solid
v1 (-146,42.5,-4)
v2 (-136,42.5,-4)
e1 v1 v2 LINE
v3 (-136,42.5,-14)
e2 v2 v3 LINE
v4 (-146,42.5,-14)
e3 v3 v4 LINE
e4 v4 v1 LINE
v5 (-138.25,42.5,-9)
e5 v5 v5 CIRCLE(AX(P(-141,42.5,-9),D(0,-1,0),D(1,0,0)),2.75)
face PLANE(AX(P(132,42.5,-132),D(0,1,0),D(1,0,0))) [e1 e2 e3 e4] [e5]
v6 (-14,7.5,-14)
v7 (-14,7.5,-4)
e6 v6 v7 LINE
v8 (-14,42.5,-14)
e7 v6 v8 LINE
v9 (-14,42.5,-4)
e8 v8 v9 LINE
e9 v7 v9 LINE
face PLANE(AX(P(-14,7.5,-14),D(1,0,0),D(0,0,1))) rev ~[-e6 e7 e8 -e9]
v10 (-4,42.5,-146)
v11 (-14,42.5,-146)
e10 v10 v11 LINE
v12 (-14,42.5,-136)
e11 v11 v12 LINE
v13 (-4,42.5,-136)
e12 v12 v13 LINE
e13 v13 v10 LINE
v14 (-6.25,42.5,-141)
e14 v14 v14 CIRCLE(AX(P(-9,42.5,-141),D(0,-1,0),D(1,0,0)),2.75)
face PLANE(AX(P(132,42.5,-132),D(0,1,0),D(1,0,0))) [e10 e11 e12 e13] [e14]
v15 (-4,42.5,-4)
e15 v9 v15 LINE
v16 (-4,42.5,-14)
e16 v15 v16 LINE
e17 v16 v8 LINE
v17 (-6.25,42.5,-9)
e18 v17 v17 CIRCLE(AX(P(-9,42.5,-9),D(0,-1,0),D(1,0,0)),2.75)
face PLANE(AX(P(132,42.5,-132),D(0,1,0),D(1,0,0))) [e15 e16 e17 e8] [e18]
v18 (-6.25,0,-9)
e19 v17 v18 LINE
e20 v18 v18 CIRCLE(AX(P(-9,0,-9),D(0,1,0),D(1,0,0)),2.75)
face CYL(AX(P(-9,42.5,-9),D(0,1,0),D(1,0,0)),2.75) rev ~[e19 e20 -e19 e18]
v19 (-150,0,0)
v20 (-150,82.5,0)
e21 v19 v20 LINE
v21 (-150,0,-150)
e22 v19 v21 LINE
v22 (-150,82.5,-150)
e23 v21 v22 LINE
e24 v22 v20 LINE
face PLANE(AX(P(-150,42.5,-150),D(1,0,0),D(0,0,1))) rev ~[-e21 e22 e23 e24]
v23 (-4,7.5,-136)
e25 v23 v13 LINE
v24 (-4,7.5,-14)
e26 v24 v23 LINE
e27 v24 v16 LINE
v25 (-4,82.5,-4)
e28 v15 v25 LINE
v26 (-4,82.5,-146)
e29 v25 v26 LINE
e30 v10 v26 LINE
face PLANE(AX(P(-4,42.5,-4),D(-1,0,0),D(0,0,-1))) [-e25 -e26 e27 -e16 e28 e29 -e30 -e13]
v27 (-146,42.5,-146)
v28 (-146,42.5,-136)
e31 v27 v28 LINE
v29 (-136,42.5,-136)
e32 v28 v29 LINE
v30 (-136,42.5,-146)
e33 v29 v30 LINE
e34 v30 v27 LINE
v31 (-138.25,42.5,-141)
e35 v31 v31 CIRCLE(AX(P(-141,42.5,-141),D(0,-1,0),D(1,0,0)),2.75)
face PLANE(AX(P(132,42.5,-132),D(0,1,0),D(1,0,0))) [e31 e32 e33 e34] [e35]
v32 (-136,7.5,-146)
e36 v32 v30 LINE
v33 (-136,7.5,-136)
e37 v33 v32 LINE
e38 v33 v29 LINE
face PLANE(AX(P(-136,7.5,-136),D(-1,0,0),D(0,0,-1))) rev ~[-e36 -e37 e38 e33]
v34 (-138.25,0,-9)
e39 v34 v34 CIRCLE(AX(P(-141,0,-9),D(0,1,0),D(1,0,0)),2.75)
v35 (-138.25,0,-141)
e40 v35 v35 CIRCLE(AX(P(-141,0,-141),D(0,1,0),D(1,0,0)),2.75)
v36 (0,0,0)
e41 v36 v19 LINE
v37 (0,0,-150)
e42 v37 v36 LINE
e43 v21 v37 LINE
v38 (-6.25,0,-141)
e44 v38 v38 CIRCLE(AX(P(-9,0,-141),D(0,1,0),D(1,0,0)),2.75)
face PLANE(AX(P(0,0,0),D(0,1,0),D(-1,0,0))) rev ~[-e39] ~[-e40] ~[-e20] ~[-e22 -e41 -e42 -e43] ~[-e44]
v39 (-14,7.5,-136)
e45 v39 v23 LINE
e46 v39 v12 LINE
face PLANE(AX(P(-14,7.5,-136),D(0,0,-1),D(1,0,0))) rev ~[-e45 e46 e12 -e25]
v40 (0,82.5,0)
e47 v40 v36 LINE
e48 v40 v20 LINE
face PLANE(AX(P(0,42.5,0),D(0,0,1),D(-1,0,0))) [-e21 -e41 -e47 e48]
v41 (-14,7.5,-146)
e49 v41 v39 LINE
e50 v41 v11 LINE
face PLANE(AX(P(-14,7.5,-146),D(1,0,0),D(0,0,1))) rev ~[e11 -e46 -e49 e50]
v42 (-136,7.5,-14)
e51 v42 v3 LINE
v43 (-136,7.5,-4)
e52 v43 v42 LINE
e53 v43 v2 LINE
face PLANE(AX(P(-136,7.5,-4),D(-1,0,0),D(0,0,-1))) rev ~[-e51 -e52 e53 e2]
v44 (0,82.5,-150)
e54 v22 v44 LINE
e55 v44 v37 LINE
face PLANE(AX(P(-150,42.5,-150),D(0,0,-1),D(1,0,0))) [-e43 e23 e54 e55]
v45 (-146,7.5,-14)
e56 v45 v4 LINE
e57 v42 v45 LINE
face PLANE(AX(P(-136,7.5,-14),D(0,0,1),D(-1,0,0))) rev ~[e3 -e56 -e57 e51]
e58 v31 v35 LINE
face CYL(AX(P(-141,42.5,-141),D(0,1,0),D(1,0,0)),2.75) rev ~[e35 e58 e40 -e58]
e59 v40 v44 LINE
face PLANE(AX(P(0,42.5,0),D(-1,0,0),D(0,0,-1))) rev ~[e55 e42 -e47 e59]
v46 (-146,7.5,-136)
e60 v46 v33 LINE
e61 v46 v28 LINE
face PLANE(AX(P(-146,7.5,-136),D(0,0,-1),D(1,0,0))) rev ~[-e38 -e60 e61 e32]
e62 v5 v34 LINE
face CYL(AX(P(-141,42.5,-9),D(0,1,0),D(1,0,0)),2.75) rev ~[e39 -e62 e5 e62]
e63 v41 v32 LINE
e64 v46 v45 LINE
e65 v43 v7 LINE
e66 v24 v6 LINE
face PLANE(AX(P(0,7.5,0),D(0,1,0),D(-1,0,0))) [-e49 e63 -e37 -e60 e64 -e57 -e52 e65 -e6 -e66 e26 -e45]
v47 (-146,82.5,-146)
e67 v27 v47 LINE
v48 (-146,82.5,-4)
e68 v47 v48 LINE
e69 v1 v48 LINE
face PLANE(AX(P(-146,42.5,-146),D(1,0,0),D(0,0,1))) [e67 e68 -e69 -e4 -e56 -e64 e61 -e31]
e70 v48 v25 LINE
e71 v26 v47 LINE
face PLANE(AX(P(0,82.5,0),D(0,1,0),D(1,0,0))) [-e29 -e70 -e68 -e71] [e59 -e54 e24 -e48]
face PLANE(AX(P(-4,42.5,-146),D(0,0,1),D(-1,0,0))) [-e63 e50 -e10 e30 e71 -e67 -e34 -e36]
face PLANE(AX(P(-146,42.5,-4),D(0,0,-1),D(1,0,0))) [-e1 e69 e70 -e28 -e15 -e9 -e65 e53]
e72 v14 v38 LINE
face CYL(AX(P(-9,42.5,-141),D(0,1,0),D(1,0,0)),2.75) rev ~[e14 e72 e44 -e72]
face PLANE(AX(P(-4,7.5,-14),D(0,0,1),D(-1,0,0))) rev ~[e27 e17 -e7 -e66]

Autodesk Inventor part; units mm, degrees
ref_plane "YZ Plane" through (0, 0, 0) normal (1, 0, 0) x (0, 1, 0)
ref_plane "XZ Plane" through (0, 0, 0) normal (0, 1, 0) x (-1, 0, 0)
ref_plane "XY Plane" through (0, 0, 0) normal (0, 0, 1) x (1, 0, 0)
sketch "Sketch1" plane through (0, 0, 0) normal (0, 1, 0) x (-1, 0, 0)
  point P0 (0, 0)
sketch "Sketch2" plane through (0, 0, 0) normal (0, 1, 0) x (-1, 0, 0)
  line L0 (0, 0) -> (150, 0)
  line L1 (150, 0) -> (150, -150)
  line L2 (150, -150) -> (0, -150)
  line L3 (0, -150) -> (0, 0)
  dimension "d0" = 150
  dimension "d1" = 150
extrude "Extrusion1" add sketch "Sketch2" along normal blind 7.5
sketch "Sketch4" plane through (0, 7.5, 0) normal (0, 1, 0) x (1, 0, 0)
  line L0 (0, 0) -> (-150, 0) projected
  line L1 (0, 150) -> (0, 0) projected
  line L2 (-150, 0) -> (0, 0)
  line L3 (0, 0) -> (0, 150)
  line L4 (0, 150) -> (-150, 150)
  line L5 (-150, 150) -> (-150, 0)
  line L6 (-146, 4) -> (-4, 4)
  line L7 (-4, 4) -> (-4, 146)
  line L8 (-4, 146) -> (-146, 146)
  line L9 (-146, 146) -> (-146, 4)
  dimension "d7" = 4
extrude "Extrusion3" add sketch "Sketch4" along normal blind 35
sketch "Sketch5" plane through (0, 7.5, 0) normal (0, 1, 0) x (1, 0, 0)
  line L0 (-146, 146) -> (-146, 4) projected
  line L1 (-146, 4) -> (-136, 4)
  line L2 (-136, 4) -> (-136, 14)
  line L3 (-136, 14) -> (-146, 14)
  line L4 (-146, 14) -> (-146, 4)
  point P0 (0, 0)
  dimension "d10" = 10
  dimension "d11" = 10
extrude "Extrusion4" add sketch "Sketch5" along normal blind 35
pattern_linear "Rectangular Pattern1" count 2 spacing 132 along (0, 0, -1) count 2 spacing 132 along (1, 0, 0) of "Extrusion4"
sketch "Sketch6" plane through (0, 42.5, 0) normal (0, 1, 0) x (1, 0, 0)
  line L0 (-136, 14) -> (-146, 14) projected
  line L1 (-141, 14) -> (-141, 0)
  line L2 (0, 0) -> (-150, 0) projected
  circle A0 centre (-141, 9) radius 2.75
  dimension "d20" = 5.5
extrude "Extrusion5" cut sketch "Sketch6" against normal blind 80
pattern_linear "Rectangular Pattern2" count 2 spacing 132 along (0, 0, -1) count 2 spacing 132 along (1, 0, 0) of "Extrusion5"
sketch "Sketch9" plane through (0, 42.5, 0) normal (0, 1, 0) x (1, 0, 0)
  point P0 (0, 0)
sketch "Sketch10" plane through (0, 42.5, 0) normal (0, 1, 0) x (1, 0, 0)
  line L0 (-150, 150) -> (0, 150) projected
  line L1 (0, 0) -> (-150, 0) projected
  line L2 (0, 150) -> (-150, 150)
  line L3 (-150, 150) -> (-150, 0)
  line L4 (-150, 0) -> (0, 0)
  line L5 (0, 0) -> (0, 150)
  line L6 (-4, 146) -> (-146, 146)
  line L7 (-146, 146) -> (-146, 4)
  line L8 (-146, 4) -> (-4, 4)
  line L9 (-4, 4) -> (-4, 146)
  dimension "d45" = 4
extrude "Extrusion8" add sketch "Sketch10" along normal blind 40
sketch "Sketch11" plane through (0, 7.5, 0) normal (0, 1, 0) x (1, 0, 0)
  point P0 (0, 0)
properties part number "Bottom1"
